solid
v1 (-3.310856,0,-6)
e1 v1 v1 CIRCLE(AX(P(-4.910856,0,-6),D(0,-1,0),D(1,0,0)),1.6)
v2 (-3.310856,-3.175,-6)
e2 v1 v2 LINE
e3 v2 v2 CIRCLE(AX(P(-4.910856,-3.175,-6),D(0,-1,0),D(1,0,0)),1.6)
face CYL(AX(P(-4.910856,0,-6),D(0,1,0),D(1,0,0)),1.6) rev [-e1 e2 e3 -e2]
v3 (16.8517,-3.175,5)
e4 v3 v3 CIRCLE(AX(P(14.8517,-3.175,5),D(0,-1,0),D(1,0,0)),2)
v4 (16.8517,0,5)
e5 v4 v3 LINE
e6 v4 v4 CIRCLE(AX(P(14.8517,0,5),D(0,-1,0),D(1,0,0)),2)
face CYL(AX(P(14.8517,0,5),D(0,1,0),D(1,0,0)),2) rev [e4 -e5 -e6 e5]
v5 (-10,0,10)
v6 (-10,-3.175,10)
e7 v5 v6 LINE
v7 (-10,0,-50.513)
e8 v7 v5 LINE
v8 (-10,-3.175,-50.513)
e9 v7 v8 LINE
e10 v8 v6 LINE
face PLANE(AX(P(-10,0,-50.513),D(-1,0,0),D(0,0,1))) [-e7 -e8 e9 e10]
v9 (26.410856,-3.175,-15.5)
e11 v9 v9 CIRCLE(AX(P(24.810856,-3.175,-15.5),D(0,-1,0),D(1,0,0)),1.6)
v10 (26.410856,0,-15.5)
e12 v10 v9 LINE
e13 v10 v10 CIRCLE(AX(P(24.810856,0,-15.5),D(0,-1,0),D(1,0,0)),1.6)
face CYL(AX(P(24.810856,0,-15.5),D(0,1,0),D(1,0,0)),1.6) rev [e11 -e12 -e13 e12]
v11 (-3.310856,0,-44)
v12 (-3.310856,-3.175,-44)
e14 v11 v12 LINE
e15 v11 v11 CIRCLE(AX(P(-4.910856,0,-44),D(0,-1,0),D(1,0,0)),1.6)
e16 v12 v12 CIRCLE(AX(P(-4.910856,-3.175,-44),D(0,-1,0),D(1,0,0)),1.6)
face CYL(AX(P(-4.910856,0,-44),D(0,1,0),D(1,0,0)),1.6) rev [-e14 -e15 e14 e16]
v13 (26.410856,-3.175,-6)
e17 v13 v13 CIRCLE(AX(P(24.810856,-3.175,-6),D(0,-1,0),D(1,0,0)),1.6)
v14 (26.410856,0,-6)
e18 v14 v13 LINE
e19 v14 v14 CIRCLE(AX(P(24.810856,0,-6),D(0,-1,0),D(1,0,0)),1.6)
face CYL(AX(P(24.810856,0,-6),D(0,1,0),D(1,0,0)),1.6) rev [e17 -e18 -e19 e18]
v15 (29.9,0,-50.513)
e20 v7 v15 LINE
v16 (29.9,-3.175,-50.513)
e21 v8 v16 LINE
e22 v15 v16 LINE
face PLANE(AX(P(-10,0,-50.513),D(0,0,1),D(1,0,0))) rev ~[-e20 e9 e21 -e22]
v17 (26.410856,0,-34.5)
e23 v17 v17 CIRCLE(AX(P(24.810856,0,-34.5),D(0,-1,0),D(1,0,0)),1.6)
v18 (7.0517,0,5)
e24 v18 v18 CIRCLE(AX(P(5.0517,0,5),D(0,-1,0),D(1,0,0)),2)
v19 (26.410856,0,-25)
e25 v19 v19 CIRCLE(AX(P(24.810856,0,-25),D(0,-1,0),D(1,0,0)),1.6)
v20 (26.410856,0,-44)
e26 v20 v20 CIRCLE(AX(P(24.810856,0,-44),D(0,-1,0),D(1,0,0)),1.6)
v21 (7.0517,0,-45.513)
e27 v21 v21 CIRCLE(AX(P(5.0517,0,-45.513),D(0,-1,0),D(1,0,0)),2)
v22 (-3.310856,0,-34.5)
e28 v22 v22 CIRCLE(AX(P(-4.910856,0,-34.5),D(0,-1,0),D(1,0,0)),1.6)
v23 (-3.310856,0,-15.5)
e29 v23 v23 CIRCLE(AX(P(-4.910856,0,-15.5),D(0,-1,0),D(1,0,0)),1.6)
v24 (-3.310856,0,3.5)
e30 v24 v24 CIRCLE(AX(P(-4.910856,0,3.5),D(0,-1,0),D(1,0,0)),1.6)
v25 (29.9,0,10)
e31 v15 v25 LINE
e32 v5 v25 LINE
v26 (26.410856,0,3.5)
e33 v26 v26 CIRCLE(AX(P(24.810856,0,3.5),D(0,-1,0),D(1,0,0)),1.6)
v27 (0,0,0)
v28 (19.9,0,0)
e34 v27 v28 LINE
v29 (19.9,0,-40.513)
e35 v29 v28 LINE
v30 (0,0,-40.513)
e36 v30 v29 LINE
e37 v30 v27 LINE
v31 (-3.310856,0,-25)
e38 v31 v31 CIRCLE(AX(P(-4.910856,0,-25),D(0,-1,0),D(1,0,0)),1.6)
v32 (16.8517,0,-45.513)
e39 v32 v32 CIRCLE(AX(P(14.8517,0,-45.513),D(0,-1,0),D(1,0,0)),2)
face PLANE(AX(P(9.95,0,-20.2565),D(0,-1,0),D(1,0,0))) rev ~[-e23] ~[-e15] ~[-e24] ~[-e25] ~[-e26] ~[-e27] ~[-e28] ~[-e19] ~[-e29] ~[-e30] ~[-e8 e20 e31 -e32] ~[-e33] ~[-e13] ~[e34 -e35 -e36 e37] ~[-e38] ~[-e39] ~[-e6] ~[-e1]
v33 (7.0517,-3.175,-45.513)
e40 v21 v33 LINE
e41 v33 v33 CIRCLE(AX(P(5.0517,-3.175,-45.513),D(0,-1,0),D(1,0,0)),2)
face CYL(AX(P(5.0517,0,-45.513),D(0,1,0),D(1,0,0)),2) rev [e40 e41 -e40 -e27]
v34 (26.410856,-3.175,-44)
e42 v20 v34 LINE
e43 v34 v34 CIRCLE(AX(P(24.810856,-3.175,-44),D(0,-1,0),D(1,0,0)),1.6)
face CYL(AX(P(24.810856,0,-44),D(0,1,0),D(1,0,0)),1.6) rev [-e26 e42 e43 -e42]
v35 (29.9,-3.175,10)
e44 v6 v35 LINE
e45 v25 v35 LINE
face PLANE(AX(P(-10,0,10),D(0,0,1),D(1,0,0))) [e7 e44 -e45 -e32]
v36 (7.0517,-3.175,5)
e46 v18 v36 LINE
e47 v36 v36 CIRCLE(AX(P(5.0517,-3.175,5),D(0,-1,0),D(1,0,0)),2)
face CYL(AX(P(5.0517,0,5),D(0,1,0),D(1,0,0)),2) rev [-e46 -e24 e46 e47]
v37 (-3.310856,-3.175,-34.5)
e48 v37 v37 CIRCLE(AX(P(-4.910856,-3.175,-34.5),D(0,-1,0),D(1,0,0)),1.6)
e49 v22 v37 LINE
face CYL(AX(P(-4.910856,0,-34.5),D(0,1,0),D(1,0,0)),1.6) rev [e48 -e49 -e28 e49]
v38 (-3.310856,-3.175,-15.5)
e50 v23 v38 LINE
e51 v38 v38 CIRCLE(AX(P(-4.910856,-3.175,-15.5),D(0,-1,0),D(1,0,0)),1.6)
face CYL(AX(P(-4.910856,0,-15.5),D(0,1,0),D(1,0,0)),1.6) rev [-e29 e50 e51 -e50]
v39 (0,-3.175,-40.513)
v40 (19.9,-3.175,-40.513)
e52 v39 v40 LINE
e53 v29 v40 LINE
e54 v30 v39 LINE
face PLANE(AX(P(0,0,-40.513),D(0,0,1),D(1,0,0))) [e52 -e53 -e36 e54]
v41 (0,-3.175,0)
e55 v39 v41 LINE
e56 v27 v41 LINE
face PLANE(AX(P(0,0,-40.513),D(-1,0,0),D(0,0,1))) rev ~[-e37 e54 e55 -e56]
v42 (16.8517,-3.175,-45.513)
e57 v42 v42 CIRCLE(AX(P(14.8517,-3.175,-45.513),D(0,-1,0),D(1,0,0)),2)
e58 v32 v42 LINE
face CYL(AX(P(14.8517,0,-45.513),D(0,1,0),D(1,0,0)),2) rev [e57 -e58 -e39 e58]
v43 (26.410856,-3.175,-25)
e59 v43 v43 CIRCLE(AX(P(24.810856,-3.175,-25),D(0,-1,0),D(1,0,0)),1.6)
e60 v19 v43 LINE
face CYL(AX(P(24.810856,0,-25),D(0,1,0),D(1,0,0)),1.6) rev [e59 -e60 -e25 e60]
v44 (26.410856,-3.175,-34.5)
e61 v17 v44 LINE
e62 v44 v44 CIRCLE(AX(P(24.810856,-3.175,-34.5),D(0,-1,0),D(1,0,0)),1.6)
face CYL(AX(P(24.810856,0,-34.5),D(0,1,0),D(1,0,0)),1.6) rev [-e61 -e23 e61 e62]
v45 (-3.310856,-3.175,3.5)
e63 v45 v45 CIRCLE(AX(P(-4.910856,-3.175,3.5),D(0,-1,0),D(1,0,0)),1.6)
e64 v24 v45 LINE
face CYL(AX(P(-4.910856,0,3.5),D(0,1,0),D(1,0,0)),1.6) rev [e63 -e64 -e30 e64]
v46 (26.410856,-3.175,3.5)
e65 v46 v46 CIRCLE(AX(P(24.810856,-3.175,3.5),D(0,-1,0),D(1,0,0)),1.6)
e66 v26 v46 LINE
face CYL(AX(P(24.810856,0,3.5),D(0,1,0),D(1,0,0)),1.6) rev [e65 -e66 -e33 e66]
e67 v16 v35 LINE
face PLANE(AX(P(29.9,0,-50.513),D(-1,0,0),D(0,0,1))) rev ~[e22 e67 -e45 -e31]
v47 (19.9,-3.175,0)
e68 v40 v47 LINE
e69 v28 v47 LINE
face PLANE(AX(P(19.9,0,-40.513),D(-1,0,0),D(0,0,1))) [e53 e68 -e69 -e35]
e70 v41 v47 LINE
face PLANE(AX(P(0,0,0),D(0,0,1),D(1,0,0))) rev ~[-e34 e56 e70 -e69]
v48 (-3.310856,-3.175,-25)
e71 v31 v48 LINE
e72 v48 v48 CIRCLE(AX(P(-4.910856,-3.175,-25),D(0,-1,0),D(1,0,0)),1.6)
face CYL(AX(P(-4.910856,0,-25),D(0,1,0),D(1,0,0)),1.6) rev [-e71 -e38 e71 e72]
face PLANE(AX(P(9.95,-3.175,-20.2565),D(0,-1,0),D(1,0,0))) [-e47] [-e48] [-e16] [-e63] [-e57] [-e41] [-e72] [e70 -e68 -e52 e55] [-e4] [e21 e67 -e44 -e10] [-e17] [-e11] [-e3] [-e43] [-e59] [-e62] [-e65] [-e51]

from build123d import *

# Parameters (mm, degrees)
F0_W     = 39.9
F0_H     = 60.513
F0_R     = 1.6
F0_R_2   = 2
F0_W_2   = 19.9
F0_H_2   = 40.513
F1_DEPTH = 3.175


with BuildPart() as f1:
    # F0 (on Front) → F1 (new body)
    with BuildSketch(Plane.XZ):
        with Locations((9.95, -20.2565)):
            Rectangle(F0_W, F0_H)
        with Locations((-4.910856, -44)):
            Circle(F0_R, mode=Mode.SUBTRACT)
        with Locations((5.0517, -45.513)):
            Circle(F0_R_2, mode=Mode.SUBTRACT)
        with Locations((-4.910856, -34.5)):
            Circle(F0_R, mode=Mode.SUBTRACT)
        with Locations((-4.910856, -25)):
            Circle(F0_R, mode=Mode.SUBTRACT)
        with Locations((14.8517, -45.513)):
            Circle(F0_R_2, mode=Mode.SUBTRACT)
        with Locations((24.810856, -44)):
            Circle(F0_R, mode=Mode.SUBTRACT)
        with Locations((24.810856, -34.5)):
            Circle(F0_R, mode=Mode.SUBTRACT)
        with Locations((24.810856, -25)):
            Circle(F0_R, mode=Mode.SUBTRACT)
        with Locations((-4.910856, -15.5)):
            Circle(F0_R, mode=Mode.SUBTRACT)
        with Locations((-4.910856, -6)):
            Circle(F0_R, mode=Mode.SUBTRACT)
        with Locations((-4.910856, 3.5)):
            Circle(F0_R, mode=Mode.SUBTRACT)
        with Locations((5.0517, 5)):
            Circle(F0_R_2, mode=Mode.SUBTRACT)
        with Locations((9.95, -20.2565)):
            Rectangle(F0_W_2, F0_H_2, mode=Mode.SUBTRACT)
        with Locations((24.810856, -15.5)):
            Circle(F0_R, mode=Mode.SUBTRACT)
        with Locations((24.810856, -6)):
            Circle(F0_R, mode=Mode.SUBTRACT)
        with Locations((14.8517, 5)):
            Circle(F0_R_2, mode=Mode.SUBTRACT)
        with Locations((24.810856, 3.5)):
            Circle(F0_R, mode=Mode.SUBTRACT)
    extrude(amount=F1_DEPTH)


solid = f1.part
